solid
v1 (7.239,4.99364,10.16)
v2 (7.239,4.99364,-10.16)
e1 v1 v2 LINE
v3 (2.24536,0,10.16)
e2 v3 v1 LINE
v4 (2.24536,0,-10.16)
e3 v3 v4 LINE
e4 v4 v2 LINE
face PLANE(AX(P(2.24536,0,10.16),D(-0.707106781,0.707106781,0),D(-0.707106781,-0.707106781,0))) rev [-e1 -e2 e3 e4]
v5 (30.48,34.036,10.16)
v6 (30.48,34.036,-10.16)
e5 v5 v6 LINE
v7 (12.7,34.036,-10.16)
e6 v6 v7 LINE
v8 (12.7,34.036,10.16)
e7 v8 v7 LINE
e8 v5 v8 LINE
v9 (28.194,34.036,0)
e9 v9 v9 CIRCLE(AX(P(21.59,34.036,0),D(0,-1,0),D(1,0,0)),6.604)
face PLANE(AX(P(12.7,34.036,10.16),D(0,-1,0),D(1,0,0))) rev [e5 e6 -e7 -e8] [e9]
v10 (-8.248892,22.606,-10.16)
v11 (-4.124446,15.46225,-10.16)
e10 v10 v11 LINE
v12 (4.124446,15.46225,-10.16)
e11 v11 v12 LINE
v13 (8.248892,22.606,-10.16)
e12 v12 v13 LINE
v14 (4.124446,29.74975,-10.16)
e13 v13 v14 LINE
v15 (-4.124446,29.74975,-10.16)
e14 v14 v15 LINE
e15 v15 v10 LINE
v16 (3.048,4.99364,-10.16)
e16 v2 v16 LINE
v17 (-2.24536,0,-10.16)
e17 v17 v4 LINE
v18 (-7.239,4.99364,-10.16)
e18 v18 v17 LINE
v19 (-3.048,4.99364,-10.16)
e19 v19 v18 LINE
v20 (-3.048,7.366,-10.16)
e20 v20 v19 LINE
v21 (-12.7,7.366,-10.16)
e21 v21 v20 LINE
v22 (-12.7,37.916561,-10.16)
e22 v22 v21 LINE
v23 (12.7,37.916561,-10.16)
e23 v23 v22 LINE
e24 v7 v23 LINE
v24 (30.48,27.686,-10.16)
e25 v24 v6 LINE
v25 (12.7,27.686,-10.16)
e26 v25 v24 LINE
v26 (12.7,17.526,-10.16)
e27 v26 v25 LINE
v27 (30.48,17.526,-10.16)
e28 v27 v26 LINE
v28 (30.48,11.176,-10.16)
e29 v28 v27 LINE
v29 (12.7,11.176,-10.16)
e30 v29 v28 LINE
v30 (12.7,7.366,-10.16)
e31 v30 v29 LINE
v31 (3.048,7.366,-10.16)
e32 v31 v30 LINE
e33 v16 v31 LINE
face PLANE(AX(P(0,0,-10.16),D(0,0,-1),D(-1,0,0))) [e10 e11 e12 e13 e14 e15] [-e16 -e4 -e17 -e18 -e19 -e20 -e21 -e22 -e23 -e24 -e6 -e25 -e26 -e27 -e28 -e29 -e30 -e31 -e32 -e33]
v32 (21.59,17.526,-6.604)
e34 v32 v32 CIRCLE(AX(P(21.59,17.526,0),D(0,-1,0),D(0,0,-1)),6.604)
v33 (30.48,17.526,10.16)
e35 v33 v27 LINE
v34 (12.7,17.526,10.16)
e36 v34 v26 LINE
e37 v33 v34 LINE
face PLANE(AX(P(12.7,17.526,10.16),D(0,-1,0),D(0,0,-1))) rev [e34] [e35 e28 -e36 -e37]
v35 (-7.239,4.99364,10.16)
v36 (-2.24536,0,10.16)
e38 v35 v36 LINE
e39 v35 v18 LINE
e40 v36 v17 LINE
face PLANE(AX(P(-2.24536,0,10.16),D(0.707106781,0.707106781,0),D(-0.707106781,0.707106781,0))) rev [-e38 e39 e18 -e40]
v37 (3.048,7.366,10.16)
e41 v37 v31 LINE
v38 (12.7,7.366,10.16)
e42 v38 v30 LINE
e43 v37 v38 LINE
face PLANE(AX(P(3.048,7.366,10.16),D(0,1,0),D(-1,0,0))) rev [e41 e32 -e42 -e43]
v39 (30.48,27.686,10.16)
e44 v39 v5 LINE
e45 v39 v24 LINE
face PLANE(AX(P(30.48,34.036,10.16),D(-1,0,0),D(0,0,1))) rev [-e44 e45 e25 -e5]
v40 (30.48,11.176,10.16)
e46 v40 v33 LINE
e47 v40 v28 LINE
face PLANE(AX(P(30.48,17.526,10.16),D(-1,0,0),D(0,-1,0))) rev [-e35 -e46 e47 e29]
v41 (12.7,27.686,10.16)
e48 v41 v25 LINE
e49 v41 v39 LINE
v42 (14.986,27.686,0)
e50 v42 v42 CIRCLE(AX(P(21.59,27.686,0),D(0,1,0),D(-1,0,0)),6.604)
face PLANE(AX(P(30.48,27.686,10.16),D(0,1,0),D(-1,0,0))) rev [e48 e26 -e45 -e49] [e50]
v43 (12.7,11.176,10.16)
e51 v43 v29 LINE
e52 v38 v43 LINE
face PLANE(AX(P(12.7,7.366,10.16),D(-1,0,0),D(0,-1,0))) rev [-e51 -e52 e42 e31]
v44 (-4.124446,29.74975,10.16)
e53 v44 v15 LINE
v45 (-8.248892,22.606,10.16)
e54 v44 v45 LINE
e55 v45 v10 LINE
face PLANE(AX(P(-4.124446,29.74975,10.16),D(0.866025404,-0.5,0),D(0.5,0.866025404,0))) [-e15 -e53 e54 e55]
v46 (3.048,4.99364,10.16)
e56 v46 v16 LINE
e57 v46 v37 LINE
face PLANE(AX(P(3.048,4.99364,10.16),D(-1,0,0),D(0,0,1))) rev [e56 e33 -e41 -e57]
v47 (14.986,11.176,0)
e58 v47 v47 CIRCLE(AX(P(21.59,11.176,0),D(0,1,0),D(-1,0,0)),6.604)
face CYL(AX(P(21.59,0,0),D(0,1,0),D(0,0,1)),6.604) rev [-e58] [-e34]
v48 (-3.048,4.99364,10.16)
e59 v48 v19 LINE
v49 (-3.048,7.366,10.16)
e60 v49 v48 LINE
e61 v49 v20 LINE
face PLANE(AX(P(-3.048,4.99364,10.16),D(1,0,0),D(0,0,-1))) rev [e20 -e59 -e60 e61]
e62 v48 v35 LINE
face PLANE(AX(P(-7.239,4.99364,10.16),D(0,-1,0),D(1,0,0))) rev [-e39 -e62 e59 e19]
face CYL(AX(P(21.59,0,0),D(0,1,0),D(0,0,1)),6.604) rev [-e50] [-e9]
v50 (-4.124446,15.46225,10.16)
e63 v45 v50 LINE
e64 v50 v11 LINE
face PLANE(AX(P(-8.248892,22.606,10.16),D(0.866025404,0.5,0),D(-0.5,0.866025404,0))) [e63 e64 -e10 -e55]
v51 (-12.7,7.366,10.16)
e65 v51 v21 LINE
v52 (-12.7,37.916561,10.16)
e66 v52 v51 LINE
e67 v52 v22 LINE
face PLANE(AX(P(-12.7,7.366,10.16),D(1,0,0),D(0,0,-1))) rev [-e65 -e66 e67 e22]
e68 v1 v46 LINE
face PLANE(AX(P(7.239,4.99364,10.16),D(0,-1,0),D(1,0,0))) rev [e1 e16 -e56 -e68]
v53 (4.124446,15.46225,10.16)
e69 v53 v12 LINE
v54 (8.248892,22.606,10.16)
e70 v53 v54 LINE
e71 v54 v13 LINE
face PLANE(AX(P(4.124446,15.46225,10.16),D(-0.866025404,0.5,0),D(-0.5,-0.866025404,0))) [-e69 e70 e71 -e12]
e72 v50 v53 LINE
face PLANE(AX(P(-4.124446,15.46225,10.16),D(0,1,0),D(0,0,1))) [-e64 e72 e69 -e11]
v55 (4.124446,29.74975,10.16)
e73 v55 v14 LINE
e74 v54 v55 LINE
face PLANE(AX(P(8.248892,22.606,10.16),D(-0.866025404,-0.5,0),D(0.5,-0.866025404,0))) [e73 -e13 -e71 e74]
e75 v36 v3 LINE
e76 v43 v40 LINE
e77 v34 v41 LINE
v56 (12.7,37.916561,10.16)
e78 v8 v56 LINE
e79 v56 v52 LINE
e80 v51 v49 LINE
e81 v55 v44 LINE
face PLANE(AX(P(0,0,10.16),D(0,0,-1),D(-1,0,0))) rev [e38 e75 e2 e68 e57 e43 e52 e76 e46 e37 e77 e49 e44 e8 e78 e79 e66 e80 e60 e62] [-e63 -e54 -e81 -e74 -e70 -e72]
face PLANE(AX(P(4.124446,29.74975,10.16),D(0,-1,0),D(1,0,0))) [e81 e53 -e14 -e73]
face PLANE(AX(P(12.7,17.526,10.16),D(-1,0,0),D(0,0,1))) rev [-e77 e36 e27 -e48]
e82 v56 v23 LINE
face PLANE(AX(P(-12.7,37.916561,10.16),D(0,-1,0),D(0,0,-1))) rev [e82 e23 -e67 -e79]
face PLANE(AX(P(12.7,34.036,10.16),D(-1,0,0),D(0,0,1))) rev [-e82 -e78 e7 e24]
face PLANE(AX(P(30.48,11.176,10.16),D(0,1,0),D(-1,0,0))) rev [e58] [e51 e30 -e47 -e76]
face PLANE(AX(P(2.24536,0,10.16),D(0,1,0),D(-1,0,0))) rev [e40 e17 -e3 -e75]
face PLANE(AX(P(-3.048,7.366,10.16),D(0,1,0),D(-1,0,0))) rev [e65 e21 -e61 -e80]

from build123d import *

# Parameters (mm, degrees)
BOSS_EXTRUDE1_DEPTH = 10.16
SKETCH2_R           = 6.604
CUT_EXTRUDE1_DEPTH  = 38.916561489


with BuildPart() as part:
    # Sketch1 → Boss-Extrude1 (new body, symmetric)
    with BuildSketch(Plane.XY):
        Polygon((2.24536, 0), (-2.24536, 0), (-7.239, 4.99364), (-3.048, 4.99364), (-3.048, 7.366), (-12.7, 7.366), (-12.7, 37.916561489), (12.7, 37.916561489), (12.7, 34.036), (30.48, 34.036), (30.48, 27.686), (12.7, 27.686), (12.7, 17.526), (30.48, 17.526), (30.48, 11.176), (12.7, 11.176), (12.7, 7.366), (3.048, 7.366), (3.048, 4.99364), (7.239, 4.99364), align=None)
        Polygon((-4.124445986, 29.74975), (-8.248891971, 22.606), (-4.124445986, 15.46225), (4.124445986, 15.46225), (8.248891971, 22.606), (4.124445986, 29.74975), align=None, mode=Mode.SUBTRACT)
    extrude(amount=BOSS_EXTRUDE1_DEPTH, both=True)

    # Sketch2 → Cut-Extrude1 (cut, through all)
    with BuildSketch(Plane(origin=(0, 37.916561489, 0), x_dir=(1, 0, 0), z_dir=(0, 1, 0))):
        with Locations((21.59, 0)):
            Circle(SKETCH2_R)
    extrude(amount=-CUT_EXTRUDE1_DEPTH, mode=Mode.SUBTRACT)


solid = part.part
